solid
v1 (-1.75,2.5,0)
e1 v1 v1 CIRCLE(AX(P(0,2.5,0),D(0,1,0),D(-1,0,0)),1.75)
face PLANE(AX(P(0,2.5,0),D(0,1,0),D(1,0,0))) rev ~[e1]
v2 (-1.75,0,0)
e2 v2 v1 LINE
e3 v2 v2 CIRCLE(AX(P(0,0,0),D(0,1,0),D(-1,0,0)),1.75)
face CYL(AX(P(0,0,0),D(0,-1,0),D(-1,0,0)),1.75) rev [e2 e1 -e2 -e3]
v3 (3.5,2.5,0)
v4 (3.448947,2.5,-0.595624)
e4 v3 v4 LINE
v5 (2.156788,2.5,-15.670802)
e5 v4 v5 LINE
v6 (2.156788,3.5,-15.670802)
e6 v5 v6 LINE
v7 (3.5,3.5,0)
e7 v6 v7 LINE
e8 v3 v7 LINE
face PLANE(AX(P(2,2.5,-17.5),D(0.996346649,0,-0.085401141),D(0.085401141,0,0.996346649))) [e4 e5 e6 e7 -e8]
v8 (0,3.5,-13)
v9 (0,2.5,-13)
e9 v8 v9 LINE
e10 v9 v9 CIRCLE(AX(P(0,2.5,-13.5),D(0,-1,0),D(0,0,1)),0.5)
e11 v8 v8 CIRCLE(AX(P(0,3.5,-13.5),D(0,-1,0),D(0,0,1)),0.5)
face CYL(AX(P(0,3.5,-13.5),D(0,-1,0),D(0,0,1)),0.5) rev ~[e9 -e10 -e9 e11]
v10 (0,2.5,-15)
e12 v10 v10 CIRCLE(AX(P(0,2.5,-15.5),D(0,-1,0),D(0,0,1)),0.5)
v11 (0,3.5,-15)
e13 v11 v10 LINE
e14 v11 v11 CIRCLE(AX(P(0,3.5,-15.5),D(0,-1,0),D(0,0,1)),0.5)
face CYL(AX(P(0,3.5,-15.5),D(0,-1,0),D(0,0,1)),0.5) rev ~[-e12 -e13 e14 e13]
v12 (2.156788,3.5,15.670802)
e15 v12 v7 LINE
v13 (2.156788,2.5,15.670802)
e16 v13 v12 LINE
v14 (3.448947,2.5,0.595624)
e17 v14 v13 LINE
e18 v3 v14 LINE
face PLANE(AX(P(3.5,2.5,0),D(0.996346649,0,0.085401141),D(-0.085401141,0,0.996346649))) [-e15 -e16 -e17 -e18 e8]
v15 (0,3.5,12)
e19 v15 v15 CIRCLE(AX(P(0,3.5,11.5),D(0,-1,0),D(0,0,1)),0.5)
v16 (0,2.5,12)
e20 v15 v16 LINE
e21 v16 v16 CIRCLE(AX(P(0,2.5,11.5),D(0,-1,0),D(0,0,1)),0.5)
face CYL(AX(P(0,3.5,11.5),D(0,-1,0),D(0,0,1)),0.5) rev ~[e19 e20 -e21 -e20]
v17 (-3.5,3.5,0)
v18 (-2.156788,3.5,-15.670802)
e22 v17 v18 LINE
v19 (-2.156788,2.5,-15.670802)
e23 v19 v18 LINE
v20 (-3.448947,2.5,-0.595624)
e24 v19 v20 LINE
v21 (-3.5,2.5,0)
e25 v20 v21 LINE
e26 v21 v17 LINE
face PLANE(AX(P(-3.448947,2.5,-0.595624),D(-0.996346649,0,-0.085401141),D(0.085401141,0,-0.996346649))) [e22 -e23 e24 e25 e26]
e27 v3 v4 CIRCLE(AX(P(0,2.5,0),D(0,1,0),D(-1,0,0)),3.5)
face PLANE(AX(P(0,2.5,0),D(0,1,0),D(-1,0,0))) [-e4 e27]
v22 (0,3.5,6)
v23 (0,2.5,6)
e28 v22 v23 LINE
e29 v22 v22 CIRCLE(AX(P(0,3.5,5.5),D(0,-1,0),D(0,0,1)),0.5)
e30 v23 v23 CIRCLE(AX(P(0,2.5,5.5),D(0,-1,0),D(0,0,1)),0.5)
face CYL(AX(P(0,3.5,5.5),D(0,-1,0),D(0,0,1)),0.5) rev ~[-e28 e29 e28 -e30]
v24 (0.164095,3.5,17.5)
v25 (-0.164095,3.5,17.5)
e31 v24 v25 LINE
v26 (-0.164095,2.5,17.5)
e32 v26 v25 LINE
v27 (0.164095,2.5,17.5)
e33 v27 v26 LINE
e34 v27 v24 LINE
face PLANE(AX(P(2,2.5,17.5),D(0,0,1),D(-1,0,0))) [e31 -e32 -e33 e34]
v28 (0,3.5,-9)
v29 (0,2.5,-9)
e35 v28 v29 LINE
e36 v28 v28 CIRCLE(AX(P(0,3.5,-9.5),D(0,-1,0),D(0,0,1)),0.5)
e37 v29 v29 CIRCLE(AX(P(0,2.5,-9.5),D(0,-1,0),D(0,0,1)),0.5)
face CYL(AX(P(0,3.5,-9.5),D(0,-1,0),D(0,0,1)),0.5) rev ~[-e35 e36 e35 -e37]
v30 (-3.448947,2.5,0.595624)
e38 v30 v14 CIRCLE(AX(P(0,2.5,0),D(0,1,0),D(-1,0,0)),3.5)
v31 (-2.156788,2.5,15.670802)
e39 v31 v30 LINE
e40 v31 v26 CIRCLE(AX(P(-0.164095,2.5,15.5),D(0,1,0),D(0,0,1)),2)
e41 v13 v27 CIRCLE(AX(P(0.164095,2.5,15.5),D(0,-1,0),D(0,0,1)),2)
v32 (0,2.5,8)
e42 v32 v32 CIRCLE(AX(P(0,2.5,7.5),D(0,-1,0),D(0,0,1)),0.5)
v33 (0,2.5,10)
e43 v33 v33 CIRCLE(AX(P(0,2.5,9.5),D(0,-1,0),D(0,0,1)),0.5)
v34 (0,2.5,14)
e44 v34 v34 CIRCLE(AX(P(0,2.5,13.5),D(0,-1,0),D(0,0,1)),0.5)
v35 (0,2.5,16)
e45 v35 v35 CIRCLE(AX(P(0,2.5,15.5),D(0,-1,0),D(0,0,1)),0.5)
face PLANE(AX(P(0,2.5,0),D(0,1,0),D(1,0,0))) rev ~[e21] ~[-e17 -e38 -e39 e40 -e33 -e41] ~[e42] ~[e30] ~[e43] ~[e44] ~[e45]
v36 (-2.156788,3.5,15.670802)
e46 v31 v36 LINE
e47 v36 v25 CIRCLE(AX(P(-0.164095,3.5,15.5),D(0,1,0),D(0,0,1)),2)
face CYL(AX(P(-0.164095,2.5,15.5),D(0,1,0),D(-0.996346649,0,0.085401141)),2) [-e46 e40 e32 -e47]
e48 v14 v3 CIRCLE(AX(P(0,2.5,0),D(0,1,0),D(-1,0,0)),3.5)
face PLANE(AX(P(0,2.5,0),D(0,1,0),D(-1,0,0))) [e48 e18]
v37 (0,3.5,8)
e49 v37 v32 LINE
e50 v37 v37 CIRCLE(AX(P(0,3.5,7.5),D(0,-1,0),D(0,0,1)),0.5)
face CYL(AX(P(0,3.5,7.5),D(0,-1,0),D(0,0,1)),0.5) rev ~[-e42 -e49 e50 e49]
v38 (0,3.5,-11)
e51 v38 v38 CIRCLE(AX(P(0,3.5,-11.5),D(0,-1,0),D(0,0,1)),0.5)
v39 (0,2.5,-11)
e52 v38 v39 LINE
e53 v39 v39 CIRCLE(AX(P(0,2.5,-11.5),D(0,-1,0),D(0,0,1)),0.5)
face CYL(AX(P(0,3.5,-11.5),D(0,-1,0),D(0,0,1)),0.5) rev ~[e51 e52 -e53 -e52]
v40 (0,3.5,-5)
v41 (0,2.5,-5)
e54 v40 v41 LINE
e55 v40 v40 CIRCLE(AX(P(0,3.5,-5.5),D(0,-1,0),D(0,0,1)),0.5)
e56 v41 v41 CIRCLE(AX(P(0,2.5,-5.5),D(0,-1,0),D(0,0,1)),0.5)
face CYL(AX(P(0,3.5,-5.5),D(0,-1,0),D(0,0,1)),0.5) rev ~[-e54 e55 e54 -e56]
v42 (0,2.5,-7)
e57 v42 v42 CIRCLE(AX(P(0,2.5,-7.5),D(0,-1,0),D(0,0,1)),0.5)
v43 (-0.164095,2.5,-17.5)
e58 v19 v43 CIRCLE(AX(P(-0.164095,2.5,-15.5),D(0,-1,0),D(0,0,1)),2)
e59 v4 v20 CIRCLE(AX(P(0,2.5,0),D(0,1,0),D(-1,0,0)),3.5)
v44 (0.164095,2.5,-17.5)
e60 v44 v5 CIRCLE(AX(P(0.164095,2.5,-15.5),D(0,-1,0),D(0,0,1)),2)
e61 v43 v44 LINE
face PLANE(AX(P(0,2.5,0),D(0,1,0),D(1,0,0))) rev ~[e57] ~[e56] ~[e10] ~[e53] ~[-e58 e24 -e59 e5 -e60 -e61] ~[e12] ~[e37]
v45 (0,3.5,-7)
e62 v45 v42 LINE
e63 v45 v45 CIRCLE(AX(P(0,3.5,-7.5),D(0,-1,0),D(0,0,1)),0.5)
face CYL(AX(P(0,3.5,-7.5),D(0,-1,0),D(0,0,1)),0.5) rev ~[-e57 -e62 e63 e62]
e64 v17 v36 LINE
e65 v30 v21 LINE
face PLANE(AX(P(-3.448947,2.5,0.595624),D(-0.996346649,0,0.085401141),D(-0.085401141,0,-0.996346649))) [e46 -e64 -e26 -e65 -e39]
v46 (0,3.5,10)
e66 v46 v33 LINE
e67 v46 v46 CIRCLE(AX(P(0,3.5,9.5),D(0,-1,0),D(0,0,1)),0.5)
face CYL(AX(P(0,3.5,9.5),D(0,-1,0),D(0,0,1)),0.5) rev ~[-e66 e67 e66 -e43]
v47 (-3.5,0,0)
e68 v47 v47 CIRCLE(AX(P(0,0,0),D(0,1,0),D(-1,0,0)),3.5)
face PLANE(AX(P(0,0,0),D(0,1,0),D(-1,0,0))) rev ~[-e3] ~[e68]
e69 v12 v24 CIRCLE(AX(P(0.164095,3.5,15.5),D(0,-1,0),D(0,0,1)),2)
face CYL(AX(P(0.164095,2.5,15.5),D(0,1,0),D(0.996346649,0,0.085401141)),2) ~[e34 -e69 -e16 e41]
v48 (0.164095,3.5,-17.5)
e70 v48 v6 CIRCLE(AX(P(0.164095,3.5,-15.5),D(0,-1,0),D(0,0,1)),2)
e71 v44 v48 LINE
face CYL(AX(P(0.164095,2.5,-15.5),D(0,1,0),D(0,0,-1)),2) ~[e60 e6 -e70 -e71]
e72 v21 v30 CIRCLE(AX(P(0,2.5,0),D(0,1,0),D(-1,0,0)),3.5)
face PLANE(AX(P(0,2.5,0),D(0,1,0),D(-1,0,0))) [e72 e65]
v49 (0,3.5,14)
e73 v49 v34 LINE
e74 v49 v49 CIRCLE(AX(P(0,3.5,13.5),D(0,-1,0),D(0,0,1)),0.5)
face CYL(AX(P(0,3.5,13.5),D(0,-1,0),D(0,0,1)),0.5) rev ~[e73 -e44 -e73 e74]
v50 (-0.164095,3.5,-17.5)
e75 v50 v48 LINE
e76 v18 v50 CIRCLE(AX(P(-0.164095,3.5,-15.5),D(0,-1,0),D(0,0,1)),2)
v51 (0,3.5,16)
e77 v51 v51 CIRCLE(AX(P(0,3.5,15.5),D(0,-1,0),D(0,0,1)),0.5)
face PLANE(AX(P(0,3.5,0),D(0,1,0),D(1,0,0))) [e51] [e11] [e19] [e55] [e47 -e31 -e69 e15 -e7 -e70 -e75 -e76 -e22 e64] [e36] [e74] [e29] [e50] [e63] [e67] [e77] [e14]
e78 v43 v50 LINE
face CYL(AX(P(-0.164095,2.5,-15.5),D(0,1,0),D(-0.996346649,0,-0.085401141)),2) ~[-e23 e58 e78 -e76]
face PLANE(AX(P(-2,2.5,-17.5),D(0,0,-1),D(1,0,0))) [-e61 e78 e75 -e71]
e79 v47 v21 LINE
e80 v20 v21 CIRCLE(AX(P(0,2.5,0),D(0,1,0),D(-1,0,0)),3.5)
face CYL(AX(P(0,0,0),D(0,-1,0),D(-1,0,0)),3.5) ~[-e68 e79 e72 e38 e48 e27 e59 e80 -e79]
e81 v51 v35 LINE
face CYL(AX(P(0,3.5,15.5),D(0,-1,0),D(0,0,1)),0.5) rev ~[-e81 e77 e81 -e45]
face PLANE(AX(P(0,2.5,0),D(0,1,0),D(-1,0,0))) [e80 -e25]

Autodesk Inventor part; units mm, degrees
ref_plane "YZ Plane" through (0, 0, 0) normal (1, 0, 0) x (0, 1, 0)
ref_plane "XZ Plane" through (0, 0, 0) normal (0, 1, 0) x (-1, 0, 0)
ref_plane "XY Plane" through (0, 0, 0) normal (0, 0, 1) x (1, 0, 0)
sketch "Skizze1" plane through (0, 0, 0) normal (0, 1, 0) x (-1, 0, 0)
  circle A0 centre (0, 0) radius 1.75
  circle A1 centre (0, 0) radius 3.5
  dimension "d2" = 3.5
  dimension "d3" = 7
extrude "Extrusion1" add sketch "Skizze1" along normal blind 2.5
sketch "Skizze2" plane through (0, 2.5, 0) normal (0, 1, 0) x (1, 0, 0)
  line L0 (-2, 17.5) -> (2, 17.5)
  line L1 (2, 17.5) -> (2, -17.5)
  line L2 (2, -17.5) -> (-2, -17.5)
  line L3 (-2, -17.5) -> (-2, 17.5)
  line L4 (-2, 17.5) -> (2, -17.5) construction
  line L5 (2, 17.5) -> (-2, -17.5) construction
  circle A0 centre (0, 0) radius 3.5 projected
  line L6 (3.5, 0) -> (2, -17.5)
  line L7 (-2, -17.5) -> (-3.5, 0)
  circle A1 centre (0, 0) radius 3.5 projected
  line L8 (-3.5, 0) -> (-2, 17.5)
  line L9 (2, 17.5) -> (3.5, 0)
  dimension "d6" = 35
  dimension "d7" = 4
extrude "Extrusion2" add sketch "Skizze2" along normal blind 1 contours L0 L1 A0 L3 | L3 A0 L8 | L9 A0 L1 | A0 L1 L3 | L3 A0 L7 L8 | A0 L9 L6 L1 | A0 L1 L2 L3 | L3 L7 A0 | A0 L6 L1
sketch "Skizze3" plane through (0, 3.5, 0) normal (0, 1, 0) x (1, 0, 0)
  line L0 (-2, -17.5) -> (2, -17.5) projected
  point P0 (0, 0)
  point P1 (0, -15.5)
  point P2 (0, -13.5)
  point P3 (0, -11.5)
  point P4 (0, -9.5)
  point P5 (0, -7.5)
  point P6 (0, -5.5)
  point P7 (0, 5.5)
  point P8 (0, 7.5)
  point P9 (0, 9.5)
  point P10 (0, 11.5)
  point P11 (0, 13.5)
  point P12 (0, 15.5)
  dimension "d10" = 2
  dimension "d11" = 2
  dimension "d12" = 2
  dimension "d13" = 2
  dimension "d14" = 2
  dimension "d15" = 2
  dimension "d16" = 0
  dimension "d17" = 0
  dimension "d18" = 2
  dimension "d19" = 2
  dimension "d20" = 2
  dimension "d21" = 2
  dimension "d22" = 2
  dimension "d24" = 5.5
hole "Bohrung1" at (0, 3.5, 15.5) at (0, 3.5, 13.5) at (0, 3.5, 11.5) at (0, 3.5, 9.5) at (0, 3.5, 7.5) at (0, 3.5, 5.5) at (0, 3.5, -5.5) at (0, 3.5, -7.5) at (0, 3.5, -9.5) at (0, 3.5, -11.5) at (0, 3.5, -13.5) at (0, 3.5, -15.5) direction (0, -1, 0) diameter 1 depth 8 tip angle 118
fillet "Rundung1" radius 2 4 edges at (2, 3, 17.5) (-2, 3, 17.5) (2, 3, -17.5) (-2, 3, -17.5)
properties part number "horn"
